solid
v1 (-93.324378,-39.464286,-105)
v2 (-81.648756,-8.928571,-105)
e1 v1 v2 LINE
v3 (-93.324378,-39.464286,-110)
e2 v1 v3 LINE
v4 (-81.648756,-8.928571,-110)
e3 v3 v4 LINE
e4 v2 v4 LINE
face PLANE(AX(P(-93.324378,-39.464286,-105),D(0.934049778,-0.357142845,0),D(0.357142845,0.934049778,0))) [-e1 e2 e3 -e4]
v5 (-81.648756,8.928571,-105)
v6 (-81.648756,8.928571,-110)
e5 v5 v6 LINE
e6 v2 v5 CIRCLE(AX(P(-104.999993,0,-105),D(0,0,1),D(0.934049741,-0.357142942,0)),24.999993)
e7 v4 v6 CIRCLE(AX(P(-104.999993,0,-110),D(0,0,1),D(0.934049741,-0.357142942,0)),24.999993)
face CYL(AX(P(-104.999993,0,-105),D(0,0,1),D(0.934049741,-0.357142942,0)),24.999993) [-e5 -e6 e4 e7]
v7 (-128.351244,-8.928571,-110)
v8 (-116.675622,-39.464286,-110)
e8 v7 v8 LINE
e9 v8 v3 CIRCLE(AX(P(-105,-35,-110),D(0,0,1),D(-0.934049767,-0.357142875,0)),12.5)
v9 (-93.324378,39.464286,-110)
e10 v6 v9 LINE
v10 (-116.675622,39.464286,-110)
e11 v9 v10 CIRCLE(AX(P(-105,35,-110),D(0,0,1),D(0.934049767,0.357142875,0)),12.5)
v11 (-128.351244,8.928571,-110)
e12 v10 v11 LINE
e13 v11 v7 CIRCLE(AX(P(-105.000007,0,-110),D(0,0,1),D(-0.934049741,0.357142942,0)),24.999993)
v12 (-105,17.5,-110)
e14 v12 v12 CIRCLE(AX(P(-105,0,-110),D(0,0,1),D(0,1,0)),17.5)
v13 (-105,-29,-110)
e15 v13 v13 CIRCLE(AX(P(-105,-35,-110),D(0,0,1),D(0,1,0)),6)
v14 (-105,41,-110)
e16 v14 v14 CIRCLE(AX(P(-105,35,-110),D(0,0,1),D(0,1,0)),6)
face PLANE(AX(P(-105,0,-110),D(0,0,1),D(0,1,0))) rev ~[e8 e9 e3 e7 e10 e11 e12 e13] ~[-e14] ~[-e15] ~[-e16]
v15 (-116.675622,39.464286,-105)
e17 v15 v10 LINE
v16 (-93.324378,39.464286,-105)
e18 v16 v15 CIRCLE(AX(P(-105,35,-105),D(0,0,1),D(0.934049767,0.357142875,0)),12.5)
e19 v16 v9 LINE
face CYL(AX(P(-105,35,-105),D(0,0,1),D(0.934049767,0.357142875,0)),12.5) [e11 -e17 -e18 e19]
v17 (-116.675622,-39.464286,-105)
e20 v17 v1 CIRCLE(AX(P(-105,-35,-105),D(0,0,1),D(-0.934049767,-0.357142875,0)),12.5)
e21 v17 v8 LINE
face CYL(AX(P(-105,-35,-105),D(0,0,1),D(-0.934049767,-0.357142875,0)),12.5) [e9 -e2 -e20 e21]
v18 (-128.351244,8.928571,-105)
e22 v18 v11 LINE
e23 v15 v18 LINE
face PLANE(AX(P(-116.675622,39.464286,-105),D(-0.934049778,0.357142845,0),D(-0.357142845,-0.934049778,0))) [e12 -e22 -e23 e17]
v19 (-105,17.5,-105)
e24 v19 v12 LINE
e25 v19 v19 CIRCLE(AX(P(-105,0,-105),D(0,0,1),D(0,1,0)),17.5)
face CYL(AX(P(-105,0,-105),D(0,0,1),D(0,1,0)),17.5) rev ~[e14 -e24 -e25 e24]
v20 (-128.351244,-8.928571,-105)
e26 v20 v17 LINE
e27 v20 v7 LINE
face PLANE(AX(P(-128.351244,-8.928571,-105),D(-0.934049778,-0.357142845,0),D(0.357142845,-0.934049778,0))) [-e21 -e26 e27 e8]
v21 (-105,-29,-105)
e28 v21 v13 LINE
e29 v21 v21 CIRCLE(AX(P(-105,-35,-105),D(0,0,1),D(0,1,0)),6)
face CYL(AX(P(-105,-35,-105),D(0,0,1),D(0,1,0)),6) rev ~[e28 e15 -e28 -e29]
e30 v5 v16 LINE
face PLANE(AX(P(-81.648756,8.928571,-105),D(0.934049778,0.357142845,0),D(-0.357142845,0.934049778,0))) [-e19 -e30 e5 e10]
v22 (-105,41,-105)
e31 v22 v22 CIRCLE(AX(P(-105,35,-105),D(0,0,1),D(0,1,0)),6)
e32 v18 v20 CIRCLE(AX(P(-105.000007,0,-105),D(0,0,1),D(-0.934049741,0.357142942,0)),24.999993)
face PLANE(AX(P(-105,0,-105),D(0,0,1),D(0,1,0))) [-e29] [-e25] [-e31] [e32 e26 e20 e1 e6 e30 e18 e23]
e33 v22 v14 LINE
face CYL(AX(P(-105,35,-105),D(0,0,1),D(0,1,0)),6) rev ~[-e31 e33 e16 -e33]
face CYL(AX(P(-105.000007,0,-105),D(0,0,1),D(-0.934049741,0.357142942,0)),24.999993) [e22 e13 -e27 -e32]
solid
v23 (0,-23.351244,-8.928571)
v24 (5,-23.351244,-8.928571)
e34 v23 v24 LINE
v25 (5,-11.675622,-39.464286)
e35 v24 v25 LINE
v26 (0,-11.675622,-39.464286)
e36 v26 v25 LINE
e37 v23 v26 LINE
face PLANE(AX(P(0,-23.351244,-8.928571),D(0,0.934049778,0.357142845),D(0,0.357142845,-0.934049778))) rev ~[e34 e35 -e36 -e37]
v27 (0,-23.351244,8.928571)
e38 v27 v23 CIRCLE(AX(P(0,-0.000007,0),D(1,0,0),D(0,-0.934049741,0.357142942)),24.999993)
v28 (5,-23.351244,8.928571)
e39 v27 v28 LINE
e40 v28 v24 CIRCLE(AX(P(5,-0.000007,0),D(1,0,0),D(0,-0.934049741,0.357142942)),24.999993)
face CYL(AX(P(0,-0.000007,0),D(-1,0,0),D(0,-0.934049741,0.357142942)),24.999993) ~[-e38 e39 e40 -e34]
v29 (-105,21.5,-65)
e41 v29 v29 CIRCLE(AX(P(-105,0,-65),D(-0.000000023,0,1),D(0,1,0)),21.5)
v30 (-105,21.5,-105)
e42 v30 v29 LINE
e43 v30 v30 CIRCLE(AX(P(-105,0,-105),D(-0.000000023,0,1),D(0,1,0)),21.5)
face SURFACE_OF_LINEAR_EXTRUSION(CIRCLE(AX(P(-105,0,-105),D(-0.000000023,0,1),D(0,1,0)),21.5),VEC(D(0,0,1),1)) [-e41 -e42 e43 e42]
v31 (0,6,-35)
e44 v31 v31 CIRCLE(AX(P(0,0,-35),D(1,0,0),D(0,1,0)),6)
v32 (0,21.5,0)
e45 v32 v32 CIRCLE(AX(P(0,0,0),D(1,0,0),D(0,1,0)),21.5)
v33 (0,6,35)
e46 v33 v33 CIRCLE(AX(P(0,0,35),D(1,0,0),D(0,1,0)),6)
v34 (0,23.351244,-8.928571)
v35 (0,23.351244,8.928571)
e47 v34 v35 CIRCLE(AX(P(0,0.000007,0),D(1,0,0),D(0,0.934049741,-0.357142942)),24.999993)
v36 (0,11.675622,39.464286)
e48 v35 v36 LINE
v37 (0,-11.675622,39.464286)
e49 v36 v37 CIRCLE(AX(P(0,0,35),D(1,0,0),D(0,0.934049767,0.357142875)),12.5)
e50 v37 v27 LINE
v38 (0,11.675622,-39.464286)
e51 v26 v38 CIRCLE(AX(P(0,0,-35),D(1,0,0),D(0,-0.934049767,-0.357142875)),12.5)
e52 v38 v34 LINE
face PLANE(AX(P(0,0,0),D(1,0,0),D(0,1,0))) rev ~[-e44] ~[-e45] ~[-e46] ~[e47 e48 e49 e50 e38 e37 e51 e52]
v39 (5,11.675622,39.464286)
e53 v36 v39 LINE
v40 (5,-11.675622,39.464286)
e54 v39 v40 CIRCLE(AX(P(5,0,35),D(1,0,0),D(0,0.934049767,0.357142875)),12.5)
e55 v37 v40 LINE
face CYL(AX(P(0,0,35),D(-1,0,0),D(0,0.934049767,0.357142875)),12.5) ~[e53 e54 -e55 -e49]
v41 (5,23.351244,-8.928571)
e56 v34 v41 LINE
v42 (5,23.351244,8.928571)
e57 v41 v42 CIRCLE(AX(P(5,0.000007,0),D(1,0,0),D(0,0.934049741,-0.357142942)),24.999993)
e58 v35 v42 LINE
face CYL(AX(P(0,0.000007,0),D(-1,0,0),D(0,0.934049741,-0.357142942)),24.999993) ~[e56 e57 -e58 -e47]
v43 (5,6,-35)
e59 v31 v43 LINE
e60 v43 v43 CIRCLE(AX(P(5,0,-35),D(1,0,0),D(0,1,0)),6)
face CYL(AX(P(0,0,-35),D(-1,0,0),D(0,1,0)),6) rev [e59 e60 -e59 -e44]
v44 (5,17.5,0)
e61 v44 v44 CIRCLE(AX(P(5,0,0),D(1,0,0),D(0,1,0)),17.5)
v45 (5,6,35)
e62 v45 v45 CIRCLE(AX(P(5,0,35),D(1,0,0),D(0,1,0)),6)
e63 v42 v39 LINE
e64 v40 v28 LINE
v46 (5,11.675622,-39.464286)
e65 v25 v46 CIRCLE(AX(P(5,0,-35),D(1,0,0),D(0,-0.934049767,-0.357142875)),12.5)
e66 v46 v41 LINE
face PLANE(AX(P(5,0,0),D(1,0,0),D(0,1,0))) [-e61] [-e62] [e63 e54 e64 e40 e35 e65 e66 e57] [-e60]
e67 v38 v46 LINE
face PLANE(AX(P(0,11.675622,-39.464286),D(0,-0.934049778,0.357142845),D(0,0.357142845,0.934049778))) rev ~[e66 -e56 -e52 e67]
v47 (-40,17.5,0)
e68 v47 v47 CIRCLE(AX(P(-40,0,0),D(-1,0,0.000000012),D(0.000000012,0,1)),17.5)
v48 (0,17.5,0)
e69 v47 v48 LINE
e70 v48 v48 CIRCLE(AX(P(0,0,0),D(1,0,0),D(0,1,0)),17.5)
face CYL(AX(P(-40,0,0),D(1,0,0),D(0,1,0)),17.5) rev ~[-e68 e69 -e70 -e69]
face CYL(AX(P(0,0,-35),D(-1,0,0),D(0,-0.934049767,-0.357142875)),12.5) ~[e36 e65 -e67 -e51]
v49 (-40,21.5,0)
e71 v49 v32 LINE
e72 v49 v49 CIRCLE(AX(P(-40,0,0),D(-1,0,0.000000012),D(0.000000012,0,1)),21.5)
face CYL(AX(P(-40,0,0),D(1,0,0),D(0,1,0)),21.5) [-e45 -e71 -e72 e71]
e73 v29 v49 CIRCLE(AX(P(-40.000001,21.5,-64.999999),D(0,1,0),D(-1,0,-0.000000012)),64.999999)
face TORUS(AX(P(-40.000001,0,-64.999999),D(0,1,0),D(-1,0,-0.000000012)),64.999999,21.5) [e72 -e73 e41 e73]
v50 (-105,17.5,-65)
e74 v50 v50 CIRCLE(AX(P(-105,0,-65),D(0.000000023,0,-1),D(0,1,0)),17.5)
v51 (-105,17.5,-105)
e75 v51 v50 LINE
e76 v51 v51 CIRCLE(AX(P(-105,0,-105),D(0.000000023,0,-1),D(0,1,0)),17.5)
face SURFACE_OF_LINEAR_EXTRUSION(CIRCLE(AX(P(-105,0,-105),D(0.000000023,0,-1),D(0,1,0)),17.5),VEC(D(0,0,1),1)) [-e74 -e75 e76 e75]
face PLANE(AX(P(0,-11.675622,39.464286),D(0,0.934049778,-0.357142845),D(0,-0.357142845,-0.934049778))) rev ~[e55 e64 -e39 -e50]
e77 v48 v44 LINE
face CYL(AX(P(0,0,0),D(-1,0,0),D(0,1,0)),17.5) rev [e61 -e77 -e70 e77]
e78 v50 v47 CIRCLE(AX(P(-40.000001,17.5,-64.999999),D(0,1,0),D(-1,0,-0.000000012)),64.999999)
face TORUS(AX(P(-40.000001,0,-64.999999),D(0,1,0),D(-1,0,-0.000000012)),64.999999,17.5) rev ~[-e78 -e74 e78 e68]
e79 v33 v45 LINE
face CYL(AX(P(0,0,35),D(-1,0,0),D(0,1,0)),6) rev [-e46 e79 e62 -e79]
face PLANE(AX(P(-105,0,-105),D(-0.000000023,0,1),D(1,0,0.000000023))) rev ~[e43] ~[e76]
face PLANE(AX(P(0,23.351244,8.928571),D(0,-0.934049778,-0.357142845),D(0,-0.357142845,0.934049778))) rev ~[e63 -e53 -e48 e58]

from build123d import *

# Parameters (mm, degrees)
SKETCH001_R   = 21.5
SKETCH001_R_2 = 17.5
SKETCH002_R   = 6
SKETCH002_R_2 = 17.5
PAD_DEPTH     = 5
BINDER_R      = 17.5
BINDER_R_2    = 6
EXTRUDE_DEPTH = 5


with BuildPart() as body:
    # AdditivePipe: sweep along a path in Sketch
    with BuildLine(Plane.XZ) as additivepipe_path:
        Line((-105, -105), (-105, -65))
        ThreePointArc((-105, -65), (-85.961941, -19.038059), (-40, 0))
        Line((-40, 0), (0, 0))
    # Sketch001 → AdditivePipe (sweep)
    with BuildSketch(Plane.YZ):
        Circle(SKETCH001_R)
        Circle(SKETCH001_R_2, mode=Mode.SUBTRACT)
    sweep(path=additivepipe_path.line)

    # Sketch002 (on Face5 of AdditivePipe) → Pad (new body)
    with BuildSketch(Plane.YZ):
        with BuildLine():
            Line((-11.675622, 39.464286), (-23.351244, 8.928571))
            ThreePointArc((-23.351244, 8.928571), (-25, 0), (-23.351244, -8.928571))
            Line((-23.351244, -8.928571), (-11.675622, -39.464286))
            ThreePointArc((-11.675622, -39.464286), (0, -47.5), (11.675622, -39.464286))
            Line((11.675622, -39.464286), (23.351244, -8.928571))
            ThreePointArc((23.351244, -8.928571), (25, 0), (23.351244, 8.928571))
            Line((23.351244, 8.928571), (11.675622, 39.464286))
            ThreePointArc((11.675622, 39.464286), (0, 47.5), (-11.675622, 39.464286))
        make_face()
        with Locations((0, 35)):
            Circle(SKETCH002_R, mode=Mode.SUBTRACT)
        with Locations((0, -35)):
            Circle(SKETCH002_R, mode=Mode.SUBTRACT)
        Circle(SKETCH002_R_2, mode=Mode.SUBTRACT)
    extrude(amount=PAD_DEPTH)


with BuildPart() as extrude_body:
    # Binder → Extrude (new body)
    with BuildSketch(Plane(origin=(-105, 0, -105), x_dir=(0, 1, 0), z_dir=(0, 0, 1))):
        with BuildLine():
            Line((-39.464286, -11.675622), (-8.928571, -23.351244))
            ThreePointArc((-8.928571, -23.351244), (0, -25), (8.928571, -23.351244))
            Line((8.928571, -23.351244), (39.464286, -11.675622))
            ThreePointArc((39.464286, -11.675622), (47.5, 0), (39.464286, 11.675622))
            Line((39.464286, 11.675622), (8.928571, 23.351244))
            ThreePointArc((8.928571, 23.351244), (0, 25), (-8.928571, 23.351244))
            Line((-8.928571, 23.351244), (-39.464286, 11.675622))
            ThreePointArc((-39.464286, 11.675622), (-47.5, 0), (-39.464286, -11.675622))
        make_face()
        Circle(BINDER_R, mode=Mode.SUBTRACT)
        with Locations((35, 0)):
            Circle(BINDER_R_2, mode=Mode.SUBTRACT)
        with Locations((-35, 0)):
            Circle(BINDER_R_2, mode=Mode.SUBTRACT)
    extrude(amount=-EXTRUDE_DEPTH)


solid = Compound([body.part, extrude_body.part])
